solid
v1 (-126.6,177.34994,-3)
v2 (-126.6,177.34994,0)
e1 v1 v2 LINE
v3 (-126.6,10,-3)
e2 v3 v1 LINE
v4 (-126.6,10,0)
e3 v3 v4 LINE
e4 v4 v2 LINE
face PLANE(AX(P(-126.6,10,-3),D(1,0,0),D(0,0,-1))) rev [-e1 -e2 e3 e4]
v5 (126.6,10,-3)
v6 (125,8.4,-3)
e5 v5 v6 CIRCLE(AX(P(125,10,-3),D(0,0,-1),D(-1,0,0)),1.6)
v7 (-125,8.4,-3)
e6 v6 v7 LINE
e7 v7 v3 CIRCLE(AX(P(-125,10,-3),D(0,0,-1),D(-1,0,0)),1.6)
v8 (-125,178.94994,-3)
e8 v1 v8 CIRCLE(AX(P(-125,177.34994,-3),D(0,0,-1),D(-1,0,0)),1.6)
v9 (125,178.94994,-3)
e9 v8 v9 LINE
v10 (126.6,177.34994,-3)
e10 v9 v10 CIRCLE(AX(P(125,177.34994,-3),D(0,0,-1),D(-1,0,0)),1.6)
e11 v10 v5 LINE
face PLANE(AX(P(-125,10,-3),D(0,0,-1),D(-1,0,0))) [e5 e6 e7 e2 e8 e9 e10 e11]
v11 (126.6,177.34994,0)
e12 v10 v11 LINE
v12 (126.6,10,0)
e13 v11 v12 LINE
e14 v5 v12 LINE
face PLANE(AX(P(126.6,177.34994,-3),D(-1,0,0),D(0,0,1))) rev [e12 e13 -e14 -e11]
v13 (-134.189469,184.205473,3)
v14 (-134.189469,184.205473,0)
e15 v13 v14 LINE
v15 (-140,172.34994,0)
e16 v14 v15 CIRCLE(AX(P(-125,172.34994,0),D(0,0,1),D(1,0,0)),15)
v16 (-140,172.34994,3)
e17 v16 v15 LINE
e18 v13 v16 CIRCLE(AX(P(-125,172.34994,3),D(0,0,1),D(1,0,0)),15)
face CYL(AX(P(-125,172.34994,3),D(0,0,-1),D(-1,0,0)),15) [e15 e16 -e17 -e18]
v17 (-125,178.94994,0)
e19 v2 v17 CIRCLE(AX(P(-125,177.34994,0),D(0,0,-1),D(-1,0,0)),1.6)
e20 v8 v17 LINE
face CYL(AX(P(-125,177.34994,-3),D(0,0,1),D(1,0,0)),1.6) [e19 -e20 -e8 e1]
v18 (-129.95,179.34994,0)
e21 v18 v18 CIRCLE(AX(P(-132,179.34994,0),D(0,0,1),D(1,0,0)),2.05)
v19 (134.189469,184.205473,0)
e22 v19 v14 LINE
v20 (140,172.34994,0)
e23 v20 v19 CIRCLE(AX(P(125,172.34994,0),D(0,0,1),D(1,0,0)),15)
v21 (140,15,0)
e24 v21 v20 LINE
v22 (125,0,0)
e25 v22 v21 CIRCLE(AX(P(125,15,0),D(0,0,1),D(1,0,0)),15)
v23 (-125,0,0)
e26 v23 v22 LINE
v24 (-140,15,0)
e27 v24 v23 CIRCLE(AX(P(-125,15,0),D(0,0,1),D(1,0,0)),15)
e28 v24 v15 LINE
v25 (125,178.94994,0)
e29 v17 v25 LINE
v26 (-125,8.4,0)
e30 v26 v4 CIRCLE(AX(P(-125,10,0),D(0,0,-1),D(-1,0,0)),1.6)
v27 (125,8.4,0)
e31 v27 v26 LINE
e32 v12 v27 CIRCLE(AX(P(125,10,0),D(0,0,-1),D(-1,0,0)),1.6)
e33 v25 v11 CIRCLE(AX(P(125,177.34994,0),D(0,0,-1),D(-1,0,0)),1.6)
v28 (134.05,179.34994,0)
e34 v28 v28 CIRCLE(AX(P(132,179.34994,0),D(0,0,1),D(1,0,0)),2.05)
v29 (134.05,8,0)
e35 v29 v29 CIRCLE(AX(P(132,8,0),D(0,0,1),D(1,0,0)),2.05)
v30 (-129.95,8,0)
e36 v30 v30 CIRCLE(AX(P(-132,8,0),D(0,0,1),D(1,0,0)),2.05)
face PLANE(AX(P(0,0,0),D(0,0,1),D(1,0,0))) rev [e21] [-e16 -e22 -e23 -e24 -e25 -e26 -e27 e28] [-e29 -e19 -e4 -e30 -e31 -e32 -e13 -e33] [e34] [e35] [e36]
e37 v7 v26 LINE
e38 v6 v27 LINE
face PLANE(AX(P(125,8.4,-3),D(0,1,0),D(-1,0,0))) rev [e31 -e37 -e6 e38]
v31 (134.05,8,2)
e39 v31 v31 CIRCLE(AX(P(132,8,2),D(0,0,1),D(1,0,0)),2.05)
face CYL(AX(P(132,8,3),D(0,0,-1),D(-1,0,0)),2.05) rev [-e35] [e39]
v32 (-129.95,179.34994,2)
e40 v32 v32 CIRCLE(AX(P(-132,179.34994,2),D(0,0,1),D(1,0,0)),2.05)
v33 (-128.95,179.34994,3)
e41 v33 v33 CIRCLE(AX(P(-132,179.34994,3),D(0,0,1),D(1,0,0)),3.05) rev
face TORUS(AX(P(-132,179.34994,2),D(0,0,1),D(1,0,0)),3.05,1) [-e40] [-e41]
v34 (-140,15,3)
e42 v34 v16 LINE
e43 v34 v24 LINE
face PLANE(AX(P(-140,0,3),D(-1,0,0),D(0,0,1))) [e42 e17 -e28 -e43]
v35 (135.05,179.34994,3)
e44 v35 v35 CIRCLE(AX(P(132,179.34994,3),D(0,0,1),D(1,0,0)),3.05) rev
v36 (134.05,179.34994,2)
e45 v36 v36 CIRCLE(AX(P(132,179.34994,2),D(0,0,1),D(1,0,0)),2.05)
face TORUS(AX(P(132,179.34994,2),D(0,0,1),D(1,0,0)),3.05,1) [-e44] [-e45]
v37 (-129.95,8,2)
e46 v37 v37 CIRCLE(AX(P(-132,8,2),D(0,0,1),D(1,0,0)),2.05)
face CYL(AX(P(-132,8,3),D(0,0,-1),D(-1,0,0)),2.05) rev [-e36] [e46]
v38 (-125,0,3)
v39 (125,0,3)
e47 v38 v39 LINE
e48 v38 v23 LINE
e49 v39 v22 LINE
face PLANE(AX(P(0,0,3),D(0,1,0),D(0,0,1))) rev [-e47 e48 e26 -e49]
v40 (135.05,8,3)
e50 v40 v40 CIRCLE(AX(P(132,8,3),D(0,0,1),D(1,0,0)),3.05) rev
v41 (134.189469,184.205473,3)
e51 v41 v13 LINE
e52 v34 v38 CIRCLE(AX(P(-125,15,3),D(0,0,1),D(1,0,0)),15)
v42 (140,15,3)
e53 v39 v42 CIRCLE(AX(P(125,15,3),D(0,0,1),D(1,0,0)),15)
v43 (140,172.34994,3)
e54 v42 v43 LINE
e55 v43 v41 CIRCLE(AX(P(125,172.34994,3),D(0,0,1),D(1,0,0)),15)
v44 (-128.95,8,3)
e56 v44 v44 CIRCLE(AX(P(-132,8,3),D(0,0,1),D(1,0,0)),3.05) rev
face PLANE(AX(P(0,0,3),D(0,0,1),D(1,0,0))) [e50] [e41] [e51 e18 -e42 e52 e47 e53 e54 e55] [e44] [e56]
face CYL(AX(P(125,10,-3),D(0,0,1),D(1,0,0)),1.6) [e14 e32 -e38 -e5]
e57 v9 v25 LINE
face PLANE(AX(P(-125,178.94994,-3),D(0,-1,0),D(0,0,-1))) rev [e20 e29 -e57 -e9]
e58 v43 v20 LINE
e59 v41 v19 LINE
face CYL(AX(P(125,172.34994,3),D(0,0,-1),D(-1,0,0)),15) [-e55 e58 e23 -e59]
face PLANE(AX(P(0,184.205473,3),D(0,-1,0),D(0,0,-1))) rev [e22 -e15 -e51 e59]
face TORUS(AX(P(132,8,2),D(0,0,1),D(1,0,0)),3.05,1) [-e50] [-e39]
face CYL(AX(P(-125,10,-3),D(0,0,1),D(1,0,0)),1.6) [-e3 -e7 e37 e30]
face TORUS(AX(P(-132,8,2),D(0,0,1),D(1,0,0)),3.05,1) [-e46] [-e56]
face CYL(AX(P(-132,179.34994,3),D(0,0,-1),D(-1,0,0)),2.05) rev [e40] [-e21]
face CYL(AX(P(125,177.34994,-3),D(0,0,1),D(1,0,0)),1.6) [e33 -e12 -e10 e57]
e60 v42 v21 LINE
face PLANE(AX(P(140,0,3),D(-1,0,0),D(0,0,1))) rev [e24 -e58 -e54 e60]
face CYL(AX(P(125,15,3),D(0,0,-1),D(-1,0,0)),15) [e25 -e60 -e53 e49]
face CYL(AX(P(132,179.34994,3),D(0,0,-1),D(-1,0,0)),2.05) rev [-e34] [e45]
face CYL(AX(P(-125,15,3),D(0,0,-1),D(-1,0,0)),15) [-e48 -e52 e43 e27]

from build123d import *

# Parameters (mm, degrees)
SKETCH2_R           = 2.05
BOSS_EXTRUDE1_DEPTH = 3
BOSS_EXTRUDE2_DEPTH = 3
FILLET1_R           = 1


with BuildPart() as part:
    # Sketch2 → Boss-Extrude1 (new body)
    # profile 1 of 2: a face of its own
    with BuildSketch(Plane(origin=(0, 0, 0), x_dir=(-1, 0, 0), z_dir=(0, 0, 1))):
        with BuildLine():
            Line((125, 0), (-125, 0))
            ThreePointArc((-125, 0), (-135.606601718, -4.393398282), (-140, -15))
            Line((-140, -15), (-140, -172.349939952))
            ThreePointArc((-140, -172.349939952), (-138.469261815, -178.951378141), (-134.189468511, -184.205473195))
            Line((-134.189468511, -184.205473195), (134.189468511, -184.205473195))
            ThreePointArc((134.189468511, -184.205473195), (138.469261815, -178.951378141), (140, -172.349939952))
            Line((140, -172.349939952), (140, -15))
            ThreePointArc((140, -15), (135.606601718, -4.393398282), (125, 0))
        make_face()
        with Locations(Location((132, -179.349939952, 0), (0, 0, 180))):
            Circle(SKETCH2_R, mode=Mode.SUBTRACT)
        with Locations(Location((132, -8, 0), (0, 0, 180))):
            Circle(SKETCH2_R, mode=Mode.SUBTRACT)
        with Locations(Location((-132, -8, 0), (0, 0, 180))):
            Circle(SKETCH2_R, mode=Mode.SUBTRACT)
        with Locations(Location((-132, -179.349939952, 0), (0, 0, 180))):
            Circle(SKETCH2_R, mode=Mode.SUBTRACT)
        with BuildLine():
            ThreePointArc((127, -10), (126.414213562, -8.585786438), (125, -8))
            Line((125, -8), (-125, -8))
            ThreePointArc((-125, -8), (-126.414213562, -8.585786438), (-127, -10))
            Line((-127, -10), (-127, -177.349939952))
            ThreePointArc((-127, -177.349939952), (-126.414213562, -178.764153514), (-125, -179.349939952))
            Line((-125, -179.349939952), (125, -179.349939952))
            ThreePointArc((125, -179.349939952), (126.414213562, -178.764153514), (127, -177.349939952))
            Line((127, -177.349939952), (127, -10))
        make_face(mode=Mode.SUBTRACT)
    # profile 2 of 2: a face of its own
    with BuildSketch(Plane(origin=(0, 0, 0), x_dir=(-1, 0, 0), z_dir=(0, 0, 1))):
        with BuildLine():
            Line((127, -10), (127, -177.349939952))
            ThreePointArc((127, -177.349939952), (126.414213562, -178.764153514), (125, -179.349939952))
            Line((125, -179.349939952), (-125, -179.349939952))
            ThreePointArc((-125, -179.349939952), (-126.414213562, -178.764153514), (-127, -177.349939952))
            Line((-127, -177.349939952), (-127, -10))
            ThreePointArc((-127, -10), (-126.414213562, -8.585786438), (-125, -8))
            Line((-125, -8), (125, -8))
            ThreePointArc((125, -8), (126.414213562, -8.585786438), (127, -10))
        make_face()
    extrude(amount=BOSS_EXTRUDE1_DEPTH)

    # Sketch3 → Boss-Extrude2 (add)
    with BuildSketch(Plane(origin=(0, 0, 0), x_dir=(-1, 0, 0), z_dir=(0, 0, -1))):
        with BuildLine():
            Line((-126.6, 177.349939952), (-126.6, 10))
            ThreePointArc((-126.6, 10), (-126.13137085, 8.86862915), (-125, 8.4))
            Line((-125, 8.4), (125, 8.4))
            ThreePointArc((125, 8.4), (126.13137085, 8.86862915), (126.6, 10))
            Line((126.6, 10), (126.6, 177.349939952))
            ThreePointArc((126.6, 177.349939952), (126.13137085, 178.481310802), (125, 178.949939952))
            Line((125, 178.949939952), (-125, 178.949939952))
            ThreePointArc((-125, 178.949939952), (-126.13137085, 178.481310802), (-126.6, 177.349939952))
        make_face()
    extrude(amount=BOSS_EXTRUDE2_DEPTH)

    # Fillet1
    fillet1_edges = [part.edges().sort_by_distance(p)[0] for p in [
        (-134.05, 8, 3),
        (129.95, 8, 3),
        (129.95, 179.349939952, 3),
        (-134.05, 179.349939952, 3),
    ]]
    fillet(fillet1_edges, radius=FILLET1_R)


solid = part.part
